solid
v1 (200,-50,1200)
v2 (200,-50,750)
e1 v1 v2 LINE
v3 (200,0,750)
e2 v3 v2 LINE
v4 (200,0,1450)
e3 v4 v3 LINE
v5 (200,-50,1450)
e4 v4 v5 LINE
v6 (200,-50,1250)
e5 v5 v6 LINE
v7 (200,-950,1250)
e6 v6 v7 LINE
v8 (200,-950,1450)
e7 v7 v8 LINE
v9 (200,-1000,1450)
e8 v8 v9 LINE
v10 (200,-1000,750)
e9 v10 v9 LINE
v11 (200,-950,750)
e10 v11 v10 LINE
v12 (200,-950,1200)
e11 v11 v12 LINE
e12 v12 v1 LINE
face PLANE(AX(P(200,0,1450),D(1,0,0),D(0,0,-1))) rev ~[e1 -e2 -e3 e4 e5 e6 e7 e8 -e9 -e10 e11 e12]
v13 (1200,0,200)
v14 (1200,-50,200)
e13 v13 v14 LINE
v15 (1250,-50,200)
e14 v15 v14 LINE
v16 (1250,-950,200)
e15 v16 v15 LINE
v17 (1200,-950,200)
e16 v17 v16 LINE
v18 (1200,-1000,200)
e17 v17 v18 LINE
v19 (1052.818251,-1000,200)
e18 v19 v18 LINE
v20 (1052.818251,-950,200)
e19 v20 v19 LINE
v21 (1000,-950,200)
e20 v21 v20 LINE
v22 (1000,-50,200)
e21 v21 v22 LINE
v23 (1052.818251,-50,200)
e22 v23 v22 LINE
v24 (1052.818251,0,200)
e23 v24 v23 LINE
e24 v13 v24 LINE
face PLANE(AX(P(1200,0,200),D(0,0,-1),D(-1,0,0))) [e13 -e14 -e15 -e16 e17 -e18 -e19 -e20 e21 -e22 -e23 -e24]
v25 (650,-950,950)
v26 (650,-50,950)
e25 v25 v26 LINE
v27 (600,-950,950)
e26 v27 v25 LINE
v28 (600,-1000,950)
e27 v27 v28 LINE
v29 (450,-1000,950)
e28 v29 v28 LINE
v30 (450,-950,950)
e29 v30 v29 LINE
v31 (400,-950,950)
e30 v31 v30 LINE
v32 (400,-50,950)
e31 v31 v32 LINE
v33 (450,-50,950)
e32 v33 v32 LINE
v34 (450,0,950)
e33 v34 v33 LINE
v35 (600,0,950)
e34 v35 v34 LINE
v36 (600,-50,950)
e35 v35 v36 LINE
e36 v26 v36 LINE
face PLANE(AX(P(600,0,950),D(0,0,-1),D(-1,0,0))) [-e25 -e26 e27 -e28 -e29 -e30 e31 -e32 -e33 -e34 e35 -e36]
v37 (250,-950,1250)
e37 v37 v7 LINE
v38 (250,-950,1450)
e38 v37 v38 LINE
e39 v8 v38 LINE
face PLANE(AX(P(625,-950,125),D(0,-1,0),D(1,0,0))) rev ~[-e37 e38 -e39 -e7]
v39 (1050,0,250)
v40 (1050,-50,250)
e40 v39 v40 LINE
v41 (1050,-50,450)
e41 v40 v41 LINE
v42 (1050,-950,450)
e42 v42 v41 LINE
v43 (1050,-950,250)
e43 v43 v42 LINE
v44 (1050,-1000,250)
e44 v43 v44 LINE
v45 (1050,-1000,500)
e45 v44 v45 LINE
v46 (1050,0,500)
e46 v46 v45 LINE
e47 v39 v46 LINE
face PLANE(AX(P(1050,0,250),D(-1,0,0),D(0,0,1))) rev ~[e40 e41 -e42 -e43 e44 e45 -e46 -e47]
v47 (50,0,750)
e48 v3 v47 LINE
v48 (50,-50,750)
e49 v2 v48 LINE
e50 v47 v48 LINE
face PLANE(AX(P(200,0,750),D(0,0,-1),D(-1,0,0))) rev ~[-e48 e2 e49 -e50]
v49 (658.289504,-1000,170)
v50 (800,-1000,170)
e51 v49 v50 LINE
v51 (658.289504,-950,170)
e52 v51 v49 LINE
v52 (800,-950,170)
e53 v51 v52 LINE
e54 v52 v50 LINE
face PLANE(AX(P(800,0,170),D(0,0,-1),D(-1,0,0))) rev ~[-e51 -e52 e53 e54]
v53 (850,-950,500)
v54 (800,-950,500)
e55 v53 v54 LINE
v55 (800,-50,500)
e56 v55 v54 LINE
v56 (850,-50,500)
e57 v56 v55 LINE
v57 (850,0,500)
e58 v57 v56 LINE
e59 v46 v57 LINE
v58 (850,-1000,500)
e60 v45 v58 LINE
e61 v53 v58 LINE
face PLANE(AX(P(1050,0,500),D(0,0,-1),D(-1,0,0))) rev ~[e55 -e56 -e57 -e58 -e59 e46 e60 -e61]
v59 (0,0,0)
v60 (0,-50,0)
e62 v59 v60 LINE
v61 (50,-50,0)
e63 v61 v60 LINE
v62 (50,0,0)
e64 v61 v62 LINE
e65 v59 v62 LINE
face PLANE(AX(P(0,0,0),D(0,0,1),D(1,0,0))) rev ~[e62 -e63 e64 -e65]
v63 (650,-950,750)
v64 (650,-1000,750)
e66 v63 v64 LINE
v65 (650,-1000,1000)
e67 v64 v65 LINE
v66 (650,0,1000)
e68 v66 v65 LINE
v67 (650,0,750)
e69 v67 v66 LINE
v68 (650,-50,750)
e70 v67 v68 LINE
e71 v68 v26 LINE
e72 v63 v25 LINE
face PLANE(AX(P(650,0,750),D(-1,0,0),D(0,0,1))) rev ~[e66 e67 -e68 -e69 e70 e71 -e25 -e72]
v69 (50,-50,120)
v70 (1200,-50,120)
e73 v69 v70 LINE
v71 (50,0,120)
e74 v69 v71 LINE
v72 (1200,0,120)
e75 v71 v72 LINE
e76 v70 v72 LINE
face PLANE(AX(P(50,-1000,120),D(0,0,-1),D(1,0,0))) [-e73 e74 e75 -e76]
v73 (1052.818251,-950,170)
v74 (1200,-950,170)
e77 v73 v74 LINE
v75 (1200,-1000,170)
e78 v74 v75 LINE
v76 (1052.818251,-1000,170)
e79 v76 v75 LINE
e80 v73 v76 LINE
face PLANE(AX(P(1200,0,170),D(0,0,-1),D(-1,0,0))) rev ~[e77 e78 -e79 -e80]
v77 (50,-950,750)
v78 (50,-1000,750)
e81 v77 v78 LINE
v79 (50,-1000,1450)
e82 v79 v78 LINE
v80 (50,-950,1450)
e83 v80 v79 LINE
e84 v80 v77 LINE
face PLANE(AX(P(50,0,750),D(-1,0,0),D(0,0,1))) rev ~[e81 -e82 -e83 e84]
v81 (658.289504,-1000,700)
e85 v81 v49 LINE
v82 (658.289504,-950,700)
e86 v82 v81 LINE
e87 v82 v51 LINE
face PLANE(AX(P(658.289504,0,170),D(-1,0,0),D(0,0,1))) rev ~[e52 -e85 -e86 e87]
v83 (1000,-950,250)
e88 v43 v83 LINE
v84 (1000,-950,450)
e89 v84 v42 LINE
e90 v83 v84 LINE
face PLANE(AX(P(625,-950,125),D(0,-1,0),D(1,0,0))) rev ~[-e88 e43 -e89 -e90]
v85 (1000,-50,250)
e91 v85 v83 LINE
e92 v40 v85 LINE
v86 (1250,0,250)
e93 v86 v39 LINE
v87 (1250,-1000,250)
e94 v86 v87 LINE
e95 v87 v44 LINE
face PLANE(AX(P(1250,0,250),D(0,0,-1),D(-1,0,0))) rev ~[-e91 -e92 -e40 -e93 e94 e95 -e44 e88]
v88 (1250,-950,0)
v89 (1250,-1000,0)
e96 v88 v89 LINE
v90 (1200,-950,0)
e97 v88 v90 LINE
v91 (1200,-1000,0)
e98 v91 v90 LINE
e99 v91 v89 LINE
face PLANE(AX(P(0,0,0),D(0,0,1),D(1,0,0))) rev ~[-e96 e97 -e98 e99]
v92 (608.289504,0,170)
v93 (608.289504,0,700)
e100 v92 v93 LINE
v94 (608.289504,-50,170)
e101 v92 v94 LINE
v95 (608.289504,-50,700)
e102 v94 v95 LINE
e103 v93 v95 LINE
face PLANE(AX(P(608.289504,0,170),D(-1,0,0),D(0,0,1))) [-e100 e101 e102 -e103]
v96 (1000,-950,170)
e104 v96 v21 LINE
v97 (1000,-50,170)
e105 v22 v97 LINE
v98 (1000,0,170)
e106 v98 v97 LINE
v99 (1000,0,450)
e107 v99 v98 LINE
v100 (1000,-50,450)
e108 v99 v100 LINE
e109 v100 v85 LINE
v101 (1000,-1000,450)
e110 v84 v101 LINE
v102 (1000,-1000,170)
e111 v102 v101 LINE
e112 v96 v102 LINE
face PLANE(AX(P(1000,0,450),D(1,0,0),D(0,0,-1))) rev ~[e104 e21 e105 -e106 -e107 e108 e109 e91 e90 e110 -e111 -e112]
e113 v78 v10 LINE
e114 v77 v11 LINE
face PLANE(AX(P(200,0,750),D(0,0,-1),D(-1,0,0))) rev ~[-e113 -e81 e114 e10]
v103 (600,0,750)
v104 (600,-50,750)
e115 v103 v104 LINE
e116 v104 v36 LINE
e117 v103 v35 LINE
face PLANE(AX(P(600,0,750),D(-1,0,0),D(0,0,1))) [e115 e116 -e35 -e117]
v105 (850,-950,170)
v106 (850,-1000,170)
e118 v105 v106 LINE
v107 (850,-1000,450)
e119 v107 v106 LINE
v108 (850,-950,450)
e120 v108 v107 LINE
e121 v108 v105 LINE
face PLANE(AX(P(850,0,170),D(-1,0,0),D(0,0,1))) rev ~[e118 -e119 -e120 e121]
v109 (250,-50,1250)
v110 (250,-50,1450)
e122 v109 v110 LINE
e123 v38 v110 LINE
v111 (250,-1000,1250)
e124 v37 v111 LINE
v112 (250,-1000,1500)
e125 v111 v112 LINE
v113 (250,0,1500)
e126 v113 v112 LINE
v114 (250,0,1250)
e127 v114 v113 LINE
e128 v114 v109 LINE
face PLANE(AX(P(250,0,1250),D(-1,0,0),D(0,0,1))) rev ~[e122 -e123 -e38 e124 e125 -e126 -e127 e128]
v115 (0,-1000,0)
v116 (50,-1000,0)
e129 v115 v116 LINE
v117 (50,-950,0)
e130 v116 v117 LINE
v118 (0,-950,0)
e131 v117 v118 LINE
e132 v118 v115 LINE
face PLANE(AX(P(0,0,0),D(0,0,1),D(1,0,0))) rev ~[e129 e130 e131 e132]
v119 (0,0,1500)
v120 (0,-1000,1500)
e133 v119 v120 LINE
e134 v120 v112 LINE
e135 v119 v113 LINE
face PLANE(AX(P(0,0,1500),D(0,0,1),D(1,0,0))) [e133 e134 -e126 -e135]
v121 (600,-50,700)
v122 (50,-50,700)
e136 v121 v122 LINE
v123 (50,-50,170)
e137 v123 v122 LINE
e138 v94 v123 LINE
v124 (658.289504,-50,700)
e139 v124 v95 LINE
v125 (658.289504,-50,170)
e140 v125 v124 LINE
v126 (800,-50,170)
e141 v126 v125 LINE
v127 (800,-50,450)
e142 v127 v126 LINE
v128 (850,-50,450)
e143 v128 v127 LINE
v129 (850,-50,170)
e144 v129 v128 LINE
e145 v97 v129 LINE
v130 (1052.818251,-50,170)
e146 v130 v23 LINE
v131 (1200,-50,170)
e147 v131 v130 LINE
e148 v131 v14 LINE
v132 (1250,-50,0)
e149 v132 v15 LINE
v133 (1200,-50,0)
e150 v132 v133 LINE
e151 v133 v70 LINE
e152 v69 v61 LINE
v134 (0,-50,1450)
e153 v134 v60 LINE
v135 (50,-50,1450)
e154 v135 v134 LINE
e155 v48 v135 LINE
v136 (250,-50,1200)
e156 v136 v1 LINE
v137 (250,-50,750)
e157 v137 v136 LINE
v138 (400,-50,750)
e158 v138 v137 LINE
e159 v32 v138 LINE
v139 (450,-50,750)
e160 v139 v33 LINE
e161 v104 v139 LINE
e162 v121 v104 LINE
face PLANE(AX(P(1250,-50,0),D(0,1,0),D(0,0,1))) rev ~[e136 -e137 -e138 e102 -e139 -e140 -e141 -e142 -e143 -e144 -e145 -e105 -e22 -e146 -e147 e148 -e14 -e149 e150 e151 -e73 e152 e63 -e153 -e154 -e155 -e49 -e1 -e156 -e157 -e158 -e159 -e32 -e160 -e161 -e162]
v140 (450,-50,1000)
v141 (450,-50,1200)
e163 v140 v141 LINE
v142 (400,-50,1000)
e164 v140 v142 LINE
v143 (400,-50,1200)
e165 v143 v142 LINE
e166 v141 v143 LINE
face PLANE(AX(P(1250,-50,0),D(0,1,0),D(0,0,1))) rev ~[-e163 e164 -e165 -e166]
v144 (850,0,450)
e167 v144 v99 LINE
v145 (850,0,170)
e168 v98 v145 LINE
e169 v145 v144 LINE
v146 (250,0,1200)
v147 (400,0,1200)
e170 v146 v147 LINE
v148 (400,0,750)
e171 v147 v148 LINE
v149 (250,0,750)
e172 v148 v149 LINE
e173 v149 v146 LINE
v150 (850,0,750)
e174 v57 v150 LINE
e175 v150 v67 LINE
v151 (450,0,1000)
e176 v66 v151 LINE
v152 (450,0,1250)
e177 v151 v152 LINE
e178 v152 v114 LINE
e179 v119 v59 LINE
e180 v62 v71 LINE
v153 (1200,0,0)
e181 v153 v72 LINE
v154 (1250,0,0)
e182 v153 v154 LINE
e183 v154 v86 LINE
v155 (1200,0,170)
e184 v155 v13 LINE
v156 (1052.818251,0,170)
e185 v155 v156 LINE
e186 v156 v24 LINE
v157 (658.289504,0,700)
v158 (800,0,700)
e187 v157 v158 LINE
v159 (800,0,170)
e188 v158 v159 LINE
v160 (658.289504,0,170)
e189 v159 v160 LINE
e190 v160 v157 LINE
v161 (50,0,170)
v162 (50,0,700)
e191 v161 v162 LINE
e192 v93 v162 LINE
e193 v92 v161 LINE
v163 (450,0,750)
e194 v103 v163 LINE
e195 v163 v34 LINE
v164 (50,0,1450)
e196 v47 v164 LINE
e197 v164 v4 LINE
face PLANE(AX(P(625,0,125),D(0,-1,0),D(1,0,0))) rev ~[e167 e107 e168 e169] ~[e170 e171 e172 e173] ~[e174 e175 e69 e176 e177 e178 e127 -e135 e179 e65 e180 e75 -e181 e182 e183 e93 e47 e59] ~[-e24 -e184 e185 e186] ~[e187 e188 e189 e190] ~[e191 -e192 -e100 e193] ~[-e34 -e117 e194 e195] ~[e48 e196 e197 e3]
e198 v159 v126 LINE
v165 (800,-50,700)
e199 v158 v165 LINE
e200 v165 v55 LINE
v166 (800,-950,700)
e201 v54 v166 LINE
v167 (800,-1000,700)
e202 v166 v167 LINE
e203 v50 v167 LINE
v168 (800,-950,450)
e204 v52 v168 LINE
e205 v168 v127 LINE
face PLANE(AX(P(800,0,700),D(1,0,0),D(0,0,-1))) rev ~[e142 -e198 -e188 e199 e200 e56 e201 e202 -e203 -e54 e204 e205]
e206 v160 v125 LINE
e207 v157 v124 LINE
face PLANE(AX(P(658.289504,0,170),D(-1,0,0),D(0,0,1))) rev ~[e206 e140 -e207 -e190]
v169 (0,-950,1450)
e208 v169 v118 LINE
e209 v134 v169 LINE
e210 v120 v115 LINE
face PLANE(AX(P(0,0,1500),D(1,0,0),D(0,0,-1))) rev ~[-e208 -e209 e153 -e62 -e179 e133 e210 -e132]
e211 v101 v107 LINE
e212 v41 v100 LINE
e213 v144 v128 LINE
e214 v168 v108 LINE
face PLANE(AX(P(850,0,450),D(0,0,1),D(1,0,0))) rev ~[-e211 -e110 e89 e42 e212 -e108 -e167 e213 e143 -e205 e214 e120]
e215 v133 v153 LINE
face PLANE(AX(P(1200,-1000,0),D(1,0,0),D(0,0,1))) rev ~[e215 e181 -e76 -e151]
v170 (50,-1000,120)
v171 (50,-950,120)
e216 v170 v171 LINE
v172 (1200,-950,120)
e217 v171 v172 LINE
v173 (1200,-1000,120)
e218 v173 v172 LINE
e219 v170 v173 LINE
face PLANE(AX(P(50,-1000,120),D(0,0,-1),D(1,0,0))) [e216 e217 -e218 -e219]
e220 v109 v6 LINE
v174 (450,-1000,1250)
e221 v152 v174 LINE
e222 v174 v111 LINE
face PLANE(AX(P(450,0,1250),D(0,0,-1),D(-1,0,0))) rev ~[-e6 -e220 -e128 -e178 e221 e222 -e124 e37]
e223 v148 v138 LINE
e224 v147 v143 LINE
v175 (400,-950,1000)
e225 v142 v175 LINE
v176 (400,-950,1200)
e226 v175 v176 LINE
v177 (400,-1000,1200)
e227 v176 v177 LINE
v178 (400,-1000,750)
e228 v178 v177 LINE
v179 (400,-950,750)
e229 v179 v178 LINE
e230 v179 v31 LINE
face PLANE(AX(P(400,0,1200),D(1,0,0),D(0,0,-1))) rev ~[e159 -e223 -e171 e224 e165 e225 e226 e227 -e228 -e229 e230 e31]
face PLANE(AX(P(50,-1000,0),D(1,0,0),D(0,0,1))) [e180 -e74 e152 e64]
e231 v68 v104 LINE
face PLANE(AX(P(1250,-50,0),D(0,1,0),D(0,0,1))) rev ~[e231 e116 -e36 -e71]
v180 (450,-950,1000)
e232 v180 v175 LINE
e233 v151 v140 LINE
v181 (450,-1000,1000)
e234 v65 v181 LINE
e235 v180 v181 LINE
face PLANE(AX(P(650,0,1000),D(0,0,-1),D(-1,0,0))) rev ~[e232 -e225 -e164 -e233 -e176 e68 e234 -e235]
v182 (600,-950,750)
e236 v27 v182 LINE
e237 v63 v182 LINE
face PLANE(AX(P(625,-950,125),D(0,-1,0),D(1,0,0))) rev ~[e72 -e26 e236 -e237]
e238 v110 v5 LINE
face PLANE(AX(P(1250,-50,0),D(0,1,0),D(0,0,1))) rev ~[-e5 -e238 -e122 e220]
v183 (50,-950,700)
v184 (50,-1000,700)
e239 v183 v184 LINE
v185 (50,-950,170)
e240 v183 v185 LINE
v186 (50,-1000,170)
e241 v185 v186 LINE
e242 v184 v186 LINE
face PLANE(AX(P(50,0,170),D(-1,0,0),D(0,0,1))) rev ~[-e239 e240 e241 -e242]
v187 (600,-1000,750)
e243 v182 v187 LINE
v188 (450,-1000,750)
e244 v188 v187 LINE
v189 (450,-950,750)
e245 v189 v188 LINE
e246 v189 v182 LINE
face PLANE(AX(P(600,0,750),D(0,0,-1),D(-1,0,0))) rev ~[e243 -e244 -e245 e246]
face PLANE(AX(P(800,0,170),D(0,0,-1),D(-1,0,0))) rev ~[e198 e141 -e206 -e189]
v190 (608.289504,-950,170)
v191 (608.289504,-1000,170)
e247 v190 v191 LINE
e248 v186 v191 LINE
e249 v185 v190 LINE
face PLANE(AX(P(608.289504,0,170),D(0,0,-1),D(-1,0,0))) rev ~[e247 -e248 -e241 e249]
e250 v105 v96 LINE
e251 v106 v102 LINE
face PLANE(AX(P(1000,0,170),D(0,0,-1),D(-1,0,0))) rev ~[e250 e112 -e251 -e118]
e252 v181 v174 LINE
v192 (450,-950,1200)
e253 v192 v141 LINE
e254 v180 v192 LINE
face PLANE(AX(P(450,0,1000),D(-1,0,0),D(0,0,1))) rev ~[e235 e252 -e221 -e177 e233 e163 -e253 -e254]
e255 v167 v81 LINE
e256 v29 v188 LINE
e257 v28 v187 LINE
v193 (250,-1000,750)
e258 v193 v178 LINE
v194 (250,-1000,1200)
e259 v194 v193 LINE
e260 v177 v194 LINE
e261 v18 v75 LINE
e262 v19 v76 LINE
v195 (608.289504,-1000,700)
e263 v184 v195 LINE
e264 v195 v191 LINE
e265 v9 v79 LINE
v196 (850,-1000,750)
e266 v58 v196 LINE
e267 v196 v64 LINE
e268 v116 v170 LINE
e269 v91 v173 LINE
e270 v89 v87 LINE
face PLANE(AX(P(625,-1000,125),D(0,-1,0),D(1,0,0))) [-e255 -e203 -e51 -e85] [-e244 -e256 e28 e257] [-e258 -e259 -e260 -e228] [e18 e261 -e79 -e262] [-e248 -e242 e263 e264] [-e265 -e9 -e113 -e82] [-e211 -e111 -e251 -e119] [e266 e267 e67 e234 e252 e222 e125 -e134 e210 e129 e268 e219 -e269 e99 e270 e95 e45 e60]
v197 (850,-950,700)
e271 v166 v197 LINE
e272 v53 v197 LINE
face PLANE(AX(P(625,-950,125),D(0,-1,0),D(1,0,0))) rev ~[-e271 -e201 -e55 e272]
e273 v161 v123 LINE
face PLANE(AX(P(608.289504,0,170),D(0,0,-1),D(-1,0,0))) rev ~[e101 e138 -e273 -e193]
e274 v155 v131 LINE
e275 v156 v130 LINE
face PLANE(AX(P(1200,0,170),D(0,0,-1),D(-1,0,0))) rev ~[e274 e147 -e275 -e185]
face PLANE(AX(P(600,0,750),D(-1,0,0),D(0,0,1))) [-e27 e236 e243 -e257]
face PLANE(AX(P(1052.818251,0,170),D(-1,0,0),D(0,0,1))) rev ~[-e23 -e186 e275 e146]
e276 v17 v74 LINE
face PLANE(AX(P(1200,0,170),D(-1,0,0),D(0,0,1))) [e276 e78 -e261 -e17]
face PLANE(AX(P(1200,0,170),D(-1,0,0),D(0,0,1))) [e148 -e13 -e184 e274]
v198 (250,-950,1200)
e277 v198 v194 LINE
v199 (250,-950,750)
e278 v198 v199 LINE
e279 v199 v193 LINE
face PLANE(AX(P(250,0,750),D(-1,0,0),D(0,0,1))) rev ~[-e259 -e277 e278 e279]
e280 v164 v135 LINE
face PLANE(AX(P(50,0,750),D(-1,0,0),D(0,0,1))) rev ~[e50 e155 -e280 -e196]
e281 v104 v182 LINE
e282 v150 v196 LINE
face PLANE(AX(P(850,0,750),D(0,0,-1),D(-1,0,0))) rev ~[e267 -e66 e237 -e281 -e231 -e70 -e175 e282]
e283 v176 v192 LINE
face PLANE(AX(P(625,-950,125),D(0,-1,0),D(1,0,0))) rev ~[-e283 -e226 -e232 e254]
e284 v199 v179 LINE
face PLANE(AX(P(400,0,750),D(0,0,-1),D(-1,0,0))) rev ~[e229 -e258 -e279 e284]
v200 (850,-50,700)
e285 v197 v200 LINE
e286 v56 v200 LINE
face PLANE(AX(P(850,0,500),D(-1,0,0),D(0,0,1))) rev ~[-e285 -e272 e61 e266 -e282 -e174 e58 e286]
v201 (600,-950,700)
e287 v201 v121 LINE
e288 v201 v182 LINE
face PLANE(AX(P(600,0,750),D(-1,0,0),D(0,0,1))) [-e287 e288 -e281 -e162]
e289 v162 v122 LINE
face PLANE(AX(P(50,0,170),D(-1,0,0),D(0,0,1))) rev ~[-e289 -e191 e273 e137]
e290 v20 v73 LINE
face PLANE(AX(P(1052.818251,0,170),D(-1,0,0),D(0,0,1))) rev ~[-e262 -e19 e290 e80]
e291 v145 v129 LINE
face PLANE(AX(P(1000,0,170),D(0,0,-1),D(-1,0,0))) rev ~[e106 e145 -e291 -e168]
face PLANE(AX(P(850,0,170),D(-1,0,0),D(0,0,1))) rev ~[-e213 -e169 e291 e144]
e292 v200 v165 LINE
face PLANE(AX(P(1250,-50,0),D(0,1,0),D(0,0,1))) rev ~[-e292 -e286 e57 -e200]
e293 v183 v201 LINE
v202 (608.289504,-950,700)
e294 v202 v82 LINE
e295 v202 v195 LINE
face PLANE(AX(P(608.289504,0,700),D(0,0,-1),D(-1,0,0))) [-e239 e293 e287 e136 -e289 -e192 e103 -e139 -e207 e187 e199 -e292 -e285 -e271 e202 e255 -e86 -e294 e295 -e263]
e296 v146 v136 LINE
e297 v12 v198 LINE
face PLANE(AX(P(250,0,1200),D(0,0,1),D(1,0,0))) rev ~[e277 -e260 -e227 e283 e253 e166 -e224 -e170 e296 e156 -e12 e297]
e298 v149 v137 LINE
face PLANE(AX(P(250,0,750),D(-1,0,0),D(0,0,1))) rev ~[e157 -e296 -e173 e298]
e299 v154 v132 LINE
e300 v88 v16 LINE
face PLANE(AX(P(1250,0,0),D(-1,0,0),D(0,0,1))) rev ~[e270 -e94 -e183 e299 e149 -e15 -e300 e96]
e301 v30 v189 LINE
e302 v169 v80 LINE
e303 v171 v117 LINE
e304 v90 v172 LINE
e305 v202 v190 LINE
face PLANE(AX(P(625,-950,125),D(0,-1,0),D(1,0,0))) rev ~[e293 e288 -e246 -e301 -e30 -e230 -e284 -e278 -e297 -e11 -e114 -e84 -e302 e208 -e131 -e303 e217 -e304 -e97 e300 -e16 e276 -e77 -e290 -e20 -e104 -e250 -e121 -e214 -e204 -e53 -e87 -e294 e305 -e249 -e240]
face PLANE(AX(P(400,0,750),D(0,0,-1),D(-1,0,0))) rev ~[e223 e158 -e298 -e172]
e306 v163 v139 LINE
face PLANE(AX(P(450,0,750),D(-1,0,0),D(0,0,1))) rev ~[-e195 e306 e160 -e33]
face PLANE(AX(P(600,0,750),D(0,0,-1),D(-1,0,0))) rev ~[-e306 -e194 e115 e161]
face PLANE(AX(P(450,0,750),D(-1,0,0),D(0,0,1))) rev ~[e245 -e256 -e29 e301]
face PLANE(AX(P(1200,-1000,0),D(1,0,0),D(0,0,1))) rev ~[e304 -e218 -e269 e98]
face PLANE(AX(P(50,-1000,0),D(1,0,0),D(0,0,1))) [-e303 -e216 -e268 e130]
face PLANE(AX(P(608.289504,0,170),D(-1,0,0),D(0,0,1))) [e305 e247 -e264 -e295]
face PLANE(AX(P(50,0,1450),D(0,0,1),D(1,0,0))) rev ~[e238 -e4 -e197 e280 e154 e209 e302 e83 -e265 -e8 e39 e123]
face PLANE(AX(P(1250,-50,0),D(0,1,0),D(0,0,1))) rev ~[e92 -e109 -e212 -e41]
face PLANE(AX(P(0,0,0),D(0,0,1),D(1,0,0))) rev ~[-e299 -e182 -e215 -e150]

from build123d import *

# Parameters (mm, degrees)
F0_W      = 250
F0_H      = 250
F1_DEPTH  = 1000
F2_T      = -50
F3_W      = 1150
F3_H      = 120
F4_DEPTH  = 1100
F5_W      = 900
F5_H      = 200
F6_DEPTH  = 5000
F7_W      = 900
F7_H      = 200
F8_DEPTH  = 300
F9_W      = 900
F9_H      = 200
F10_DEPTH = 300
F11_W     = 900
F11_H     = 200
F12_DEPTH = 300
F13_W     = 900
F13_H     = 200
F14_DEPTH = 300
F15_W     = 900
F15_H     = 200
F16_DEPTH = 300
F17_W     = 150
F17_H     = 200
F17_W_2   = 558.2895040512
F17_H_2   = 530
F17_W_3   = 147.1817493439
F17_H_3   = 30
F18_DEPTH = 5000


with BuildPart() as f1:
    # F0 (on Front) → F1 (new body)
    with BuildSketch(Plane.XZ):
        Polygon((0, 250), (0, 0), (1250, 0), (1250, 250), (1050, 250), align=None)
        Polygon((0, 500), (0, 250), (1050, 250), (1050, 500), (850, 500), align=None)
        Polygon((0, 750), (0, 500), (850, 500), (850, 750), (650, 750), align=None)
        Polygon((0, 1000), (0, 750), (650, 750), (650, 1000), (450, 1000), align=None)
        Polygon((0, 1250), (0, 1000), (450, 1000), (450, 1250), (250, 1250), align=None)
        with Locations((125, 1375)):
            Rectangle(F0_W, F0_H)
    extrude(amount=F1_DEPTH)

    # F2
    f2_openings = [f1.faces().sort_by_distance(p)[0] for p in [
        (0, -500, 750),
    ]]
    offset(amount=F2_T, openings=f2_openings, kind=Kind.INTERSECTION)

    # F3 (on face) → F4 (cut)
    with BuildSketch(Plane.XZ.offset(1000)):
        with Locations((625, 60)):
            Rectangle(F3_W, F3_H)
    extrude(amount=-F4_DEPTH, mode=Mode.SUBTRACT)

    # F5 (on face) → F6 (cut)
    with BuildSketch(Plane.YZ.offset(1250)):
        with Locations((-500, 100)):
            Rectangle(F5_W, F5_H)
    extrude(amount=-F6_DEPTH, mode=Mode.SUBTRACT)

    # F7 (on face) → F8 (cut)
    with BuildSketch(Plane.YZ.offset(1050)):
        with Locations((-500, 350)):
            Rectangle(F7_W, F7_H)
    extrude(amount=-F8_DEPTH, mode=Mode.SUBTRACT)

    # F9 (on face) → F10 (cut)
    with BuildSketch(Plane.YZ.offset(850)):
        with Locations((-500, 600)):
            Rectangle(F9_W, F9_H)
    extrude(amount=-F10_DEPTH, mode=Mode.SUBTRACT)

    # F11 (on face) → F12 (cut)
    with BuildSketch(Plane.YZ.offset(650)):
        with Locations((-500, 850)):
            Rectangle(F11_W, F11_H)
    extrude(amount=-F12_DEPTH, mode=Mode.SUBTRACT)

    # F13 (on face) → F14 (cut)
    with BuildSketch(Plane.YZ.offset(450)):
        with Locations((-500, 1100)):
            Rectangle(F13_W, F13_H)
    extrude(amount=-F14_DEPTH, mode=Mode.SUBTRACT)

    # F15 (on face) → F16 (cut)
    with BuildSketch(Plane.YZ.offset(250)):
        with Locations((-500, 1350)):
            Rectangle(F15_W, F15_H)
    extrude(amount=-F16_DEPTH, mode=Mode.SUBTRACT)

    # F17 (on face) → F18 (cut)
    with BuildSketch(Plane(origin=(0, 0, 0), x_dir=(-1, 0, 0), z_dir=(0, 1, 0))):
        with Locations((-525, 850)):
            Rectangle(F17_W, F17_H)
        Polygon((-200, 750), (-50, 750), (-50, 1450), (-200, 1450), (-200, 1200), align=None)
        Polygon((-250, 750), (-250, 1200), (-400, 1200), (-400, 950), (-400, 750), align=None)
        with Locations((-329.1447520256, 435)):
            Rectangle(F17_W_2, F17_H_2)
        Polygon((-658.2895040512, 700), (-800, 700), (-800, 450), (-800, 170), (-658.2895040512, 170), align=None)
        Polygon((-850, 170), (-850, 450), (-1000, 450), (-1000, 200), (-1000, 170), align=None)
        with Locations((-1126.4091253281, 185)):
            Rectangle(F17_W_3, F17_H_3)
    extrude(amount=-F18_DEPTH, mode=Mode.SUBTRACT)


solid = f1.part
